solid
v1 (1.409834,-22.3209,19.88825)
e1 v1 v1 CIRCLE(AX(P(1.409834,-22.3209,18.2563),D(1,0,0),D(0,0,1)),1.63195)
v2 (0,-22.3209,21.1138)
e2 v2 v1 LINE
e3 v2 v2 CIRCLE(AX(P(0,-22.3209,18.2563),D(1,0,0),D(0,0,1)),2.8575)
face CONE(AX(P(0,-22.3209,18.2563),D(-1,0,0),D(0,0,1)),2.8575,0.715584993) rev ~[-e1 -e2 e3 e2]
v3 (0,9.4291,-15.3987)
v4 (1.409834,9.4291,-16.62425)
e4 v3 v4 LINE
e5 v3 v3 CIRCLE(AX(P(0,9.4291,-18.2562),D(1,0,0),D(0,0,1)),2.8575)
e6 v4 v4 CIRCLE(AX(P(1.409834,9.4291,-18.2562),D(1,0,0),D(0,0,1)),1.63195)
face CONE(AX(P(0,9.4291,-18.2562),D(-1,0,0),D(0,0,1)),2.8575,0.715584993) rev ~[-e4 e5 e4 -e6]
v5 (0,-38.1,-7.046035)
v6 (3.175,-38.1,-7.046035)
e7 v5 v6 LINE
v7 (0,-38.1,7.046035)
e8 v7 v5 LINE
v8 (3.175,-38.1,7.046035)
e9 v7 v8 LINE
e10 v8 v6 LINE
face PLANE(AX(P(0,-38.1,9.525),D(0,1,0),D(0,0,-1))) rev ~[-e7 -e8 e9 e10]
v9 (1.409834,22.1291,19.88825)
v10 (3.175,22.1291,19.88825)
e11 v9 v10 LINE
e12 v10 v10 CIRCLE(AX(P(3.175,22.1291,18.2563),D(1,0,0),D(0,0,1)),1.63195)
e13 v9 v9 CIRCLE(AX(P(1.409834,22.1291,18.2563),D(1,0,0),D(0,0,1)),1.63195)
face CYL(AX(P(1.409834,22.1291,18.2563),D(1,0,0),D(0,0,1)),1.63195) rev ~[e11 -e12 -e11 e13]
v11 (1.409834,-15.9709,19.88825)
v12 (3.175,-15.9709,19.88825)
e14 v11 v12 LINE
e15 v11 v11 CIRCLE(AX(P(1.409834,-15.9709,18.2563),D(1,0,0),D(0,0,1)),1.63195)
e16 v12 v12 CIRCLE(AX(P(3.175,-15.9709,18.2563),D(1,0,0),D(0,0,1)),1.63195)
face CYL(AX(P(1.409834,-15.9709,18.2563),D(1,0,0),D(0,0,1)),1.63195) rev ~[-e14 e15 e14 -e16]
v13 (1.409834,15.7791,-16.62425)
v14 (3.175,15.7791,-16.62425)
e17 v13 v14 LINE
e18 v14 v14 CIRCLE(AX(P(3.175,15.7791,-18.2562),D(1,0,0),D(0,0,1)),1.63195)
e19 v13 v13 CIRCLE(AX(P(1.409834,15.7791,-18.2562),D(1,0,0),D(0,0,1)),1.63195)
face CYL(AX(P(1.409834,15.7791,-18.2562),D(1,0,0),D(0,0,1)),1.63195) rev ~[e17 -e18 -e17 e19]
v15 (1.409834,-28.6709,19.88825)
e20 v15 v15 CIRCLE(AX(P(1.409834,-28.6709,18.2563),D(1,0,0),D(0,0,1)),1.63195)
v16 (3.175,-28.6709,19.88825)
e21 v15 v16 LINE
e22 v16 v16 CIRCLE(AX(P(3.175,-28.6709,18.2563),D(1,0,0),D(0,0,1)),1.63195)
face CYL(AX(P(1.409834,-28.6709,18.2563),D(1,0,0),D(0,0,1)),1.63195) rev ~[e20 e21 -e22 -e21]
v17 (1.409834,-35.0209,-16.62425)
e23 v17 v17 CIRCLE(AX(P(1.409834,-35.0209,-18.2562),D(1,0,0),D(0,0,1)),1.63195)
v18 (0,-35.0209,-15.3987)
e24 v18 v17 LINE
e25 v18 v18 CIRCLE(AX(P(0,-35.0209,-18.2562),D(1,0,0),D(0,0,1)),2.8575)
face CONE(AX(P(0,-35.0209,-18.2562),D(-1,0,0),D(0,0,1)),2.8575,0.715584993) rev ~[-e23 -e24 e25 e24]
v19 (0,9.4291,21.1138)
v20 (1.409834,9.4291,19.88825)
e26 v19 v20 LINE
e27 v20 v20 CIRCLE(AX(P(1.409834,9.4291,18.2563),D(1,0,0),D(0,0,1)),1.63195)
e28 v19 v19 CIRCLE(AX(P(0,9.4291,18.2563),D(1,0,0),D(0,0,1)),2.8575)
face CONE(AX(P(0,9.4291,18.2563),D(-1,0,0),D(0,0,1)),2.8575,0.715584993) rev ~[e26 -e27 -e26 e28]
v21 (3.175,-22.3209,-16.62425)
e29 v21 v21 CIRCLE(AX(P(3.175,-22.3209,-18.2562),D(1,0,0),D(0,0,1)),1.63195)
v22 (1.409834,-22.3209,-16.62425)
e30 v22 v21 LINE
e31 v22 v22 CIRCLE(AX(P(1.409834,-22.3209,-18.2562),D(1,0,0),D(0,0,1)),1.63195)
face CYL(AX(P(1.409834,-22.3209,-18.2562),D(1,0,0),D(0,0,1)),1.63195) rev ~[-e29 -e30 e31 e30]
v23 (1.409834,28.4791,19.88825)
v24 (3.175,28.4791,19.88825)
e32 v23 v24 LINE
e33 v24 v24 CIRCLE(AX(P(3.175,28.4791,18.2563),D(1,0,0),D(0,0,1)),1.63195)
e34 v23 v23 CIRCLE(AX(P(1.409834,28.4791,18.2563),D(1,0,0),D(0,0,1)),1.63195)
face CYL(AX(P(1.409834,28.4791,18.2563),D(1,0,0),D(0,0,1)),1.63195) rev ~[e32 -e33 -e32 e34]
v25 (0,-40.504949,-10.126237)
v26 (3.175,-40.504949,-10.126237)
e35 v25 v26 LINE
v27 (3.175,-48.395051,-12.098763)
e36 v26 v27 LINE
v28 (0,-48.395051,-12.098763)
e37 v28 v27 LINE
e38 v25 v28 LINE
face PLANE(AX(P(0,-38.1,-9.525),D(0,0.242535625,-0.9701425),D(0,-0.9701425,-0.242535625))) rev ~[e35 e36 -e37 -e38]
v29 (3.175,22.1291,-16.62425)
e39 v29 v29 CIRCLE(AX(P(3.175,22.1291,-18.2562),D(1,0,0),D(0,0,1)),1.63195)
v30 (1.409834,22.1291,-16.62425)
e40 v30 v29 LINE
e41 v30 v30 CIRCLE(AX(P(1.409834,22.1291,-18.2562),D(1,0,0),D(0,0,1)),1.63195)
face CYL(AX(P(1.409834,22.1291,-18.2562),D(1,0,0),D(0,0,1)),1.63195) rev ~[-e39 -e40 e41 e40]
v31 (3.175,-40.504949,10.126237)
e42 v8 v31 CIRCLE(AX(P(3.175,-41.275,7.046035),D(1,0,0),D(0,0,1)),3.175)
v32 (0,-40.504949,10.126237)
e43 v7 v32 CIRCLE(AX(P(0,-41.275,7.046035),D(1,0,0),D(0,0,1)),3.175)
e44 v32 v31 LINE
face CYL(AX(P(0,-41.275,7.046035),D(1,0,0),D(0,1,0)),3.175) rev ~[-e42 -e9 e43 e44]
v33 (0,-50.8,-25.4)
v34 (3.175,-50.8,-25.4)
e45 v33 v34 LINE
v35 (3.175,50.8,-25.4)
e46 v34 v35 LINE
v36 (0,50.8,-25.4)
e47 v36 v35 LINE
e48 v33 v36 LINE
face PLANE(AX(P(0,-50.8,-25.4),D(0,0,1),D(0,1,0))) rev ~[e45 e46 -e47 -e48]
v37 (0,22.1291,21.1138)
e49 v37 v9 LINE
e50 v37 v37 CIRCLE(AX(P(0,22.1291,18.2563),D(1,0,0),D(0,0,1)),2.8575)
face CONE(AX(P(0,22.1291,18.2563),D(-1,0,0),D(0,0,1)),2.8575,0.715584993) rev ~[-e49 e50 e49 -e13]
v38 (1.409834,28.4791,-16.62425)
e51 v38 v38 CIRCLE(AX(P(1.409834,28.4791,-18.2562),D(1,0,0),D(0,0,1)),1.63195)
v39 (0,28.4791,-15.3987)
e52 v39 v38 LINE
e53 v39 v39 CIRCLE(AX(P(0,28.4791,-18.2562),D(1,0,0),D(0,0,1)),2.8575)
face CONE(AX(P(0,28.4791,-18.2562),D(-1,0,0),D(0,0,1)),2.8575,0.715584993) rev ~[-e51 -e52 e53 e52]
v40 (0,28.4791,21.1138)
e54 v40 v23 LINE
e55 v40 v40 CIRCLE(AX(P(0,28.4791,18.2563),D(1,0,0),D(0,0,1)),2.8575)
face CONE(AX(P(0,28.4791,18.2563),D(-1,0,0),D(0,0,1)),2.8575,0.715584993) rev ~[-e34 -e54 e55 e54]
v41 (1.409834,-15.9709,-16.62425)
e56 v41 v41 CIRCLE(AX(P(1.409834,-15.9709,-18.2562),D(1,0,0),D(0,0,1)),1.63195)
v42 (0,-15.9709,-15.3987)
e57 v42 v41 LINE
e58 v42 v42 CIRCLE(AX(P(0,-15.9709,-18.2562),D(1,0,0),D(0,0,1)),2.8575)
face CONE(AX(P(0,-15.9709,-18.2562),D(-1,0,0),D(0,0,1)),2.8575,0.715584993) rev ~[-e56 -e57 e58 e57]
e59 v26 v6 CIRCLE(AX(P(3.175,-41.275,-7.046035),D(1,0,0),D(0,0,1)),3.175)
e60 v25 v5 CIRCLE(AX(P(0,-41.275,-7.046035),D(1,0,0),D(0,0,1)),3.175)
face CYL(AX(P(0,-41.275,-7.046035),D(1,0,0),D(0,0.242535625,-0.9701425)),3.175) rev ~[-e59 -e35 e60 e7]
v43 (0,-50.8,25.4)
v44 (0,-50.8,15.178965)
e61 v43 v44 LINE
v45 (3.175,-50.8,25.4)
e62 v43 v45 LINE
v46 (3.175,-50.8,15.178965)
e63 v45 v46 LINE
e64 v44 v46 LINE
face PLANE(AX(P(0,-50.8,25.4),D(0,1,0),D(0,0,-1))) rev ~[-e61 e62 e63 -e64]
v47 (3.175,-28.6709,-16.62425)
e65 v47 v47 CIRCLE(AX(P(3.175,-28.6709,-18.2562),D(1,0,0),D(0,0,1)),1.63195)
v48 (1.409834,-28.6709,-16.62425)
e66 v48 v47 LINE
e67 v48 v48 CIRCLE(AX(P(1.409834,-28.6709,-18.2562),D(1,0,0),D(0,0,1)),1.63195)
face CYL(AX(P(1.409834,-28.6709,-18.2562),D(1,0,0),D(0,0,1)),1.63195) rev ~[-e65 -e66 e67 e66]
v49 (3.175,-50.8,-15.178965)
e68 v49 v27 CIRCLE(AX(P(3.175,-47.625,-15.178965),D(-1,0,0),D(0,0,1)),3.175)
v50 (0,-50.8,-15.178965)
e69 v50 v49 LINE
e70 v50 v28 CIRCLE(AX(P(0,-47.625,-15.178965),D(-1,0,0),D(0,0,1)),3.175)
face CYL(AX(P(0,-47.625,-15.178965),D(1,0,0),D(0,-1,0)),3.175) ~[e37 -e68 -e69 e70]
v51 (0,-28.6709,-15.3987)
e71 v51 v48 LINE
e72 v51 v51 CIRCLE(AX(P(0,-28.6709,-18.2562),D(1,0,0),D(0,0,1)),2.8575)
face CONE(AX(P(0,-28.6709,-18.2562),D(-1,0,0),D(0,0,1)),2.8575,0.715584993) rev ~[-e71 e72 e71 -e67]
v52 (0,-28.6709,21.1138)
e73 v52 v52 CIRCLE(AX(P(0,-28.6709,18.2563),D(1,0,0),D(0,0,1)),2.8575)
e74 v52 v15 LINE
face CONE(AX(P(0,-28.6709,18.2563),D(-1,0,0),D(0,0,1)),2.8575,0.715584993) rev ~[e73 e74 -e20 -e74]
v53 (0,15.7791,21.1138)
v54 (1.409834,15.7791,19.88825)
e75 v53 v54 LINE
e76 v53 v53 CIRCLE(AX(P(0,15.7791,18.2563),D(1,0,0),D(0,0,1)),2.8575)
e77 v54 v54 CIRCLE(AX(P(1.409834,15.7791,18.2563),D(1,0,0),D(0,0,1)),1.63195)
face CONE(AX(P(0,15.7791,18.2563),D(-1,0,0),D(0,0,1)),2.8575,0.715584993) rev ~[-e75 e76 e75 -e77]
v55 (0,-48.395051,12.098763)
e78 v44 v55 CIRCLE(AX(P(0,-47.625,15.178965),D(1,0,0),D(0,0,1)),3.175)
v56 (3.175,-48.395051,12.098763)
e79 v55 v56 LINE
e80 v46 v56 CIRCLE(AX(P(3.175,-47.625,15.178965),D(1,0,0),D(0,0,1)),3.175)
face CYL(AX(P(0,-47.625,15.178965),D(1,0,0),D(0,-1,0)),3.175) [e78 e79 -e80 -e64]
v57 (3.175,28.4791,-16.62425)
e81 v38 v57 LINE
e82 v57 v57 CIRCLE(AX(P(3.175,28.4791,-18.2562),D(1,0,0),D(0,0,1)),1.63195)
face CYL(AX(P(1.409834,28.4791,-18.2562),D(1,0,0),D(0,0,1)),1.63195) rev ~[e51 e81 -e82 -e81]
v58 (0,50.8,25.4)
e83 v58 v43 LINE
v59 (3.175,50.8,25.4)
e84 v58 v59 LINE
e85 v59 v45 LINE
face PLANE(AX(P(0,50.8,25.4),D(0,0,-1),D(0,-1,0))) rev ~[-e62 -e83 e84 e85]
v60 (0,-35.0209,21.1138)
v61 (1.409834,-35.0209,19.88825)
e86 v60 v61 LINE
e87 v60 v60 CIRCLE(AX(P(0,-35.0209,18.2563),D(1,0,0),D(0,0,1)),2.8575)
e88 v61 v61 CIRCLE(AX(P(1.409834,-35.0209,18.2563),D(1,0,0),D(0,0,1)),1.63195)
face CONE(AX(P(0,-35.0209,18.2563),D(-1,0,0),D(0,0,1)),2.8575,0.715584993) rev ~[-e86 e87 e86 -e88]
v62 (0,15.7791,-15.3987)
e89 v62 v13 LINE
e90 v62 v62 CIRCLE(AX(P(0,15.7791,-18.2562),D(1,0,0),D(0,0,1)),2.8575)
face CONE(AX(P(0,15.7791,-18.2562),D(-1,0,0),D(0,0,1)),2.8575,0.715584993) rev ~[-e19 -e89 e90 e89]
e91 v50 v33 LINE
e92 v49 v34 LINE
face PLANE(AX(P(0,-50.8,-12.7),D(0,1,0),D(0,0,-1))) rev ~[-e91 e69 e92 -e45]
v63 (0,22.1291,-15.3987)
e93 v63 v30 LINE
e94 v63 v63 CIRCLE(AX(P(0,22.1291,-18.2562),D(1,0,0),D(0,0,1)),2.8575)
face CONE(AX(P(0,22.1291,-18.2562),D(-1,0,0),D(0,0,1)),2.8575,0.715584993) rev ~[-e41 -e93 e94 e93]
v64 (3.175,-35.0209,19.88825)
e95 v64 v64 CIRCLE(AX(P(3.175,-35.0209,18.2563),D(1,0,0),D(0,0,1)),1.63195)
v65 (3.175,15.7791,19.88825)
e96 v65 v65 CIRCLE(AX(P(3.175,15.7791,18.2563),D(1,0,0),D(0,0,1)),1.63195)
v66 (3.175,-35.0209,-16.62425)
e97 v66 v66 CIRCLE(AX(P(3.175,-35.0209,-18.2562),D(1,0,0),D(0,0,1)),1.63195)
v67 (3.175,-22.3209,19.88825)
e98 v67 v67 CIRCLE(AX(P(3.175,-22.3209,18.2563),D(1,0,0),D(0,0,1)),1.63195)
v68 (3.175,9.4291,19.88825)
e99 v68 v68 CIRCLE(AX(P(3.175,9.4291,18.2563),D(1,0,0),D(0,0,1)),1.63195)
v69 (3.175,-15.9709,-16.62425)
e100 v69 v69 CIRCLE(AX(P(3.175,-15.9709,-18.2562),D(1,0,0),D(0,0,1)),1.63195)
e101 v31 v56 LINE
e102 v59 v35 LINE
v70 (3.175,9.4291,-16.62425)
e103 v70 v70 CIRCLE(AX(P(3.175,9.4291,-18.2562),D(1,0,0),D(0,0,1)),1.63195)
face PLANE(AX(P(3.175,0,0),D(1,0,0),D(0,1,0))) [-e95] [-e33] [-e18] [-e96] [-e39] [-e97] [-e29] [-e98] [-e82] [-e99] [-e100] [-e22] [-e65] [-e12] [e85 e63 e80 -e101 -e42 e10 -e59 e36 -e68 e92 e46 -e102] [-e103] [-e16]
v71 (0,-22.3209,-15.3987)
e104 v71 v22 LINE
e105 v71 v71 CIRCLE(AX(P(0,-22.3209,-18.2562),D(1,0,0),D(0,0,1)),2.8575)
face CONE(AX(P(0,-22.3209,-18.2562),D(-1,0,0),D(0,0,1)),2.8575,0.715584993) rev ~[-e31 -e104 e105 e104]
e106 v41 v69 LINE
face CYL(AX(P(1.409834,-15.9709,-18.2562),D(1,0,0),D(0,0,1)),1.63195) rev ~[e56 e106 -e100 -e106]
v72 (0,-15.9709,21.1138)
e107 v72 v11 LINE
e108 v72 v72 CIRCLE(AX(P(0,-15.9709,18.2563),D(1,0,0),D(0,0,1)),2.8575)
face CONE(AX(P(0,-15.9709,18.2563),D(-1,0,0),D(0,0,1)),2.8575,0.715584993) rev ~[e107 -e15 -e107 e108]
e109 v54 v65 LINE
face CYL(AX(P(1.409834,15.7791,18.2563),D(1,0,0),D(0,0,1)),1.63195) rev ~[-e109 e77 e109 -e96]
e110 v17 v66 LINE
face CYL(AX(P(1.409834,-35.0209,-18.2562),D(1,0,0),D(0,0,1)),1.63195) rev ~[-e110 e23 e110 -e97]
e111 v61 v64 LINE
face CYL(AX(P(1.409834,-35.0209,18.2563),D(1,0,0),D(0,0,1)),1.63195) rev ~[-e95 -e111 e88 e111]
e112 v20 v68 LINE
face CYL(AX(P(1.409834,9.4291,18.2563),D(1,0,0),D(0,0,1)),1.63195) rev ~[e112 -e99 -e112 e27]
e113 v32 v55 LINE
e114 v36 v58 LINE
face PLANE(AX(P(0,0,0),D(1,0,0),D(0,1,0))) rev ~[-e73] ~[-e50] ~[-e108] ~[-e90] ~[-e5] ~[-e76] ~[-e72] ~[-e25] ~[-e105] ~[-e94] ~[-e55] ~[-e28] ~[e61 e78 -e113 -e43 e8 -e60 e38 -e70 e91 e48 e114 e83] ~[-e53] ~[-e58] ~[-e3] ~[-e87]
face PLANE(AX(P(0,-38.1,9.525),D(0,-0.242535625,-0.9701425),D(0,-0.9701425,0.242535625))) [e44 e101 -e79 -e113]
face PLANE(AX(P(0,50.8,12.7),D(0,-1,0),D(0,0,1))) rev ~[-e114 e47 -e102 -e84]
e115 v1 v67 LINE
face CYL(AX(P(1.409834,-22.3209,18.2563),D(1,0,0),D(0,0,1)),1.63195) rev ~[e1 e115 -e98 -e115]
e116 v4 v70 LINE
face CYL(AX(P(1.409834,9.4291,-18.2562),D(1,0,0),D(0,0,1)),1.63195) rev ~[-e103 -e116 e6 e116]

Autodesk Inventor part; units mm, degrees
ref_plane "YZ Plane" through (0, 0, 0) normal (1, 0, 0) x (0, 1, 0)
ref_plane "XZ Plane" through (0, 0, 0) normal (0, 1, 0) x (-1, 0, 0)
ref_plane "XY Plane" through (0, 0, 0) normal (0, 0, 1) x (1, 0, 0)
sketch "Sketch1" plane through (0, 0, 0) normal (1, 0, 0) x (0, 1, 0)
  line L0 (50.8, 25.4) -> (-50.8, 25.4)
  line L1 (-50.8, 25.4) -> (-50.8, -25.4)
  line L2 (-50.8, -25.4) -> (50.8, -25.4)
  line L3 (50.8, -25.4) -> (50.8, 25.4)
  line L4 (50.8, 25.4) -> (-50.8, -25.4) construction
  line L5 (-50.8, 25.4) -> (50.8, -25.4) construction
  line L6 (0, 0) -> (-50.8, 0) construction
  line L7 (-38.1, -9.525) -> (-50.8, -9.525)
  line L8 (-50.8, -9.525) -> (-50.8, 9.525)
  line L9 (-50.8, 9.525) -> (-38.1, 9.525)
  line L10 (-38.1, 9.525) -> (-38.1, -9.525)
  line L11 (-38.1, -9.525) -> (-50.8, 9.525) construction
  line L12 (-50.8, -9.525) -> (-38.1, 9.525) construction
  line L13 (-38.1, -9.525) -> (-50.8, -12.7)
  line L14 (-38.1, 9.525) -> (-50.8, 12.7)
  line L15 (0, -25.4) -> (0, 25.4) construction
  line L16 (38.1, -9.525) -> (50.8, -9.525) construction
  line L17 (50.8, -9.525) -> (50.8, 9.525)
  line L18 (50.8, 9.525) -> (38.1, 9.525) construction
  line L19 (38.1, 9.525) -> (38.1, -9.525)
  line L20 (38.1, -9.525) -> (50.8, 9.525) construction
  line L21 (50.8, -9.525) -> (38.1, 9.525) construction
  line L22 (38.1, -9.525) -> (50.8, -12.7)
  line L23 (38.1, 9.525) -> (50.8, 12.7)
  point P0 (-44.45, 0)
  point P1 (50.8, 0)
  point P2 (44.45, 0)
  point P3 (50.8, -12.7)
  dimension "d0" = 101.6
  dimension "d1" = 50.8
  dimension "d19" = 12.7
  dimension "d20" = 19.05
  dimension "d21" = 12.7
extrude "Extrusion1" add sketch "Sketch1" along normal blind 3.175 contours L3 L23 L19 L22 L2 L1 L13 L10 L14 L0 | L3 L22 L19 L23
fillet "Fillet2" radius 3.175 4 edges at (1.5875, -38.1, 9.525) (1.5875, -50.8, 12.7) (1.5875, -38.1, -9.525) (1.5875, -50.8, -12.7)
sketch "Sketch5" plane through (0, 0, 0) normal (-1, 0, 0) x (0, 0, 1)
  point P0 (18.2563, -35.0209)
  point P1 (18.2563, -28.6709)
  point P2 (18.2563, -22.3209)
  point P3 (18.2563, -15.9709)
  point P4 (18.2563, 9.4291)
  point P5 (18.2563, 15.7791)
  point P6 (18.2563, 22.1291)
  point P7 (18.2563, 28.4791)
  point P8 (-18.2562, 28.4791)
  point P9 (-18.2562, 22.1291)
  point P10 (-18.2562, 15.7791)
  point P11 (-18.2562, 9.4291)
  point P12 (-18.2562, -15.9709)
  point P13 (-18.2562, -22.3209)
  point P14 (-18.2562, -28.6709)
  point P15 (-18.2562, -35.0209)
hole "Hole3" at (0, -35.0209, 18.2563) at (0, -28.6709, 18.2563) at (0, -22.3209, 18.2563) at (0, -15.9709, 18.2563) at (0, 9.4291, 18.2563) at (0, 15.7791, 18.2563) at (0, 22.1291, 18.2563) at (0, 28.4791, 18.2563) at (0, 28.4791, -18.2562) at (0, 22.1291, -18.2562) at (0, 15.7791, -18.2562) at (0, 9.4291, -18.2562) at (0, -15.9709, -18.2562) at (0, -22.3209, -18.2562) at (0, -28.6709, -18.2562) at (0, -35.0209, -18.2562) direction (1, 0, 0) diameter 3.2639 end through all countersink diameter 5.715 countersink angle 82
properties part number "Ramp" material "UHMW, White"
